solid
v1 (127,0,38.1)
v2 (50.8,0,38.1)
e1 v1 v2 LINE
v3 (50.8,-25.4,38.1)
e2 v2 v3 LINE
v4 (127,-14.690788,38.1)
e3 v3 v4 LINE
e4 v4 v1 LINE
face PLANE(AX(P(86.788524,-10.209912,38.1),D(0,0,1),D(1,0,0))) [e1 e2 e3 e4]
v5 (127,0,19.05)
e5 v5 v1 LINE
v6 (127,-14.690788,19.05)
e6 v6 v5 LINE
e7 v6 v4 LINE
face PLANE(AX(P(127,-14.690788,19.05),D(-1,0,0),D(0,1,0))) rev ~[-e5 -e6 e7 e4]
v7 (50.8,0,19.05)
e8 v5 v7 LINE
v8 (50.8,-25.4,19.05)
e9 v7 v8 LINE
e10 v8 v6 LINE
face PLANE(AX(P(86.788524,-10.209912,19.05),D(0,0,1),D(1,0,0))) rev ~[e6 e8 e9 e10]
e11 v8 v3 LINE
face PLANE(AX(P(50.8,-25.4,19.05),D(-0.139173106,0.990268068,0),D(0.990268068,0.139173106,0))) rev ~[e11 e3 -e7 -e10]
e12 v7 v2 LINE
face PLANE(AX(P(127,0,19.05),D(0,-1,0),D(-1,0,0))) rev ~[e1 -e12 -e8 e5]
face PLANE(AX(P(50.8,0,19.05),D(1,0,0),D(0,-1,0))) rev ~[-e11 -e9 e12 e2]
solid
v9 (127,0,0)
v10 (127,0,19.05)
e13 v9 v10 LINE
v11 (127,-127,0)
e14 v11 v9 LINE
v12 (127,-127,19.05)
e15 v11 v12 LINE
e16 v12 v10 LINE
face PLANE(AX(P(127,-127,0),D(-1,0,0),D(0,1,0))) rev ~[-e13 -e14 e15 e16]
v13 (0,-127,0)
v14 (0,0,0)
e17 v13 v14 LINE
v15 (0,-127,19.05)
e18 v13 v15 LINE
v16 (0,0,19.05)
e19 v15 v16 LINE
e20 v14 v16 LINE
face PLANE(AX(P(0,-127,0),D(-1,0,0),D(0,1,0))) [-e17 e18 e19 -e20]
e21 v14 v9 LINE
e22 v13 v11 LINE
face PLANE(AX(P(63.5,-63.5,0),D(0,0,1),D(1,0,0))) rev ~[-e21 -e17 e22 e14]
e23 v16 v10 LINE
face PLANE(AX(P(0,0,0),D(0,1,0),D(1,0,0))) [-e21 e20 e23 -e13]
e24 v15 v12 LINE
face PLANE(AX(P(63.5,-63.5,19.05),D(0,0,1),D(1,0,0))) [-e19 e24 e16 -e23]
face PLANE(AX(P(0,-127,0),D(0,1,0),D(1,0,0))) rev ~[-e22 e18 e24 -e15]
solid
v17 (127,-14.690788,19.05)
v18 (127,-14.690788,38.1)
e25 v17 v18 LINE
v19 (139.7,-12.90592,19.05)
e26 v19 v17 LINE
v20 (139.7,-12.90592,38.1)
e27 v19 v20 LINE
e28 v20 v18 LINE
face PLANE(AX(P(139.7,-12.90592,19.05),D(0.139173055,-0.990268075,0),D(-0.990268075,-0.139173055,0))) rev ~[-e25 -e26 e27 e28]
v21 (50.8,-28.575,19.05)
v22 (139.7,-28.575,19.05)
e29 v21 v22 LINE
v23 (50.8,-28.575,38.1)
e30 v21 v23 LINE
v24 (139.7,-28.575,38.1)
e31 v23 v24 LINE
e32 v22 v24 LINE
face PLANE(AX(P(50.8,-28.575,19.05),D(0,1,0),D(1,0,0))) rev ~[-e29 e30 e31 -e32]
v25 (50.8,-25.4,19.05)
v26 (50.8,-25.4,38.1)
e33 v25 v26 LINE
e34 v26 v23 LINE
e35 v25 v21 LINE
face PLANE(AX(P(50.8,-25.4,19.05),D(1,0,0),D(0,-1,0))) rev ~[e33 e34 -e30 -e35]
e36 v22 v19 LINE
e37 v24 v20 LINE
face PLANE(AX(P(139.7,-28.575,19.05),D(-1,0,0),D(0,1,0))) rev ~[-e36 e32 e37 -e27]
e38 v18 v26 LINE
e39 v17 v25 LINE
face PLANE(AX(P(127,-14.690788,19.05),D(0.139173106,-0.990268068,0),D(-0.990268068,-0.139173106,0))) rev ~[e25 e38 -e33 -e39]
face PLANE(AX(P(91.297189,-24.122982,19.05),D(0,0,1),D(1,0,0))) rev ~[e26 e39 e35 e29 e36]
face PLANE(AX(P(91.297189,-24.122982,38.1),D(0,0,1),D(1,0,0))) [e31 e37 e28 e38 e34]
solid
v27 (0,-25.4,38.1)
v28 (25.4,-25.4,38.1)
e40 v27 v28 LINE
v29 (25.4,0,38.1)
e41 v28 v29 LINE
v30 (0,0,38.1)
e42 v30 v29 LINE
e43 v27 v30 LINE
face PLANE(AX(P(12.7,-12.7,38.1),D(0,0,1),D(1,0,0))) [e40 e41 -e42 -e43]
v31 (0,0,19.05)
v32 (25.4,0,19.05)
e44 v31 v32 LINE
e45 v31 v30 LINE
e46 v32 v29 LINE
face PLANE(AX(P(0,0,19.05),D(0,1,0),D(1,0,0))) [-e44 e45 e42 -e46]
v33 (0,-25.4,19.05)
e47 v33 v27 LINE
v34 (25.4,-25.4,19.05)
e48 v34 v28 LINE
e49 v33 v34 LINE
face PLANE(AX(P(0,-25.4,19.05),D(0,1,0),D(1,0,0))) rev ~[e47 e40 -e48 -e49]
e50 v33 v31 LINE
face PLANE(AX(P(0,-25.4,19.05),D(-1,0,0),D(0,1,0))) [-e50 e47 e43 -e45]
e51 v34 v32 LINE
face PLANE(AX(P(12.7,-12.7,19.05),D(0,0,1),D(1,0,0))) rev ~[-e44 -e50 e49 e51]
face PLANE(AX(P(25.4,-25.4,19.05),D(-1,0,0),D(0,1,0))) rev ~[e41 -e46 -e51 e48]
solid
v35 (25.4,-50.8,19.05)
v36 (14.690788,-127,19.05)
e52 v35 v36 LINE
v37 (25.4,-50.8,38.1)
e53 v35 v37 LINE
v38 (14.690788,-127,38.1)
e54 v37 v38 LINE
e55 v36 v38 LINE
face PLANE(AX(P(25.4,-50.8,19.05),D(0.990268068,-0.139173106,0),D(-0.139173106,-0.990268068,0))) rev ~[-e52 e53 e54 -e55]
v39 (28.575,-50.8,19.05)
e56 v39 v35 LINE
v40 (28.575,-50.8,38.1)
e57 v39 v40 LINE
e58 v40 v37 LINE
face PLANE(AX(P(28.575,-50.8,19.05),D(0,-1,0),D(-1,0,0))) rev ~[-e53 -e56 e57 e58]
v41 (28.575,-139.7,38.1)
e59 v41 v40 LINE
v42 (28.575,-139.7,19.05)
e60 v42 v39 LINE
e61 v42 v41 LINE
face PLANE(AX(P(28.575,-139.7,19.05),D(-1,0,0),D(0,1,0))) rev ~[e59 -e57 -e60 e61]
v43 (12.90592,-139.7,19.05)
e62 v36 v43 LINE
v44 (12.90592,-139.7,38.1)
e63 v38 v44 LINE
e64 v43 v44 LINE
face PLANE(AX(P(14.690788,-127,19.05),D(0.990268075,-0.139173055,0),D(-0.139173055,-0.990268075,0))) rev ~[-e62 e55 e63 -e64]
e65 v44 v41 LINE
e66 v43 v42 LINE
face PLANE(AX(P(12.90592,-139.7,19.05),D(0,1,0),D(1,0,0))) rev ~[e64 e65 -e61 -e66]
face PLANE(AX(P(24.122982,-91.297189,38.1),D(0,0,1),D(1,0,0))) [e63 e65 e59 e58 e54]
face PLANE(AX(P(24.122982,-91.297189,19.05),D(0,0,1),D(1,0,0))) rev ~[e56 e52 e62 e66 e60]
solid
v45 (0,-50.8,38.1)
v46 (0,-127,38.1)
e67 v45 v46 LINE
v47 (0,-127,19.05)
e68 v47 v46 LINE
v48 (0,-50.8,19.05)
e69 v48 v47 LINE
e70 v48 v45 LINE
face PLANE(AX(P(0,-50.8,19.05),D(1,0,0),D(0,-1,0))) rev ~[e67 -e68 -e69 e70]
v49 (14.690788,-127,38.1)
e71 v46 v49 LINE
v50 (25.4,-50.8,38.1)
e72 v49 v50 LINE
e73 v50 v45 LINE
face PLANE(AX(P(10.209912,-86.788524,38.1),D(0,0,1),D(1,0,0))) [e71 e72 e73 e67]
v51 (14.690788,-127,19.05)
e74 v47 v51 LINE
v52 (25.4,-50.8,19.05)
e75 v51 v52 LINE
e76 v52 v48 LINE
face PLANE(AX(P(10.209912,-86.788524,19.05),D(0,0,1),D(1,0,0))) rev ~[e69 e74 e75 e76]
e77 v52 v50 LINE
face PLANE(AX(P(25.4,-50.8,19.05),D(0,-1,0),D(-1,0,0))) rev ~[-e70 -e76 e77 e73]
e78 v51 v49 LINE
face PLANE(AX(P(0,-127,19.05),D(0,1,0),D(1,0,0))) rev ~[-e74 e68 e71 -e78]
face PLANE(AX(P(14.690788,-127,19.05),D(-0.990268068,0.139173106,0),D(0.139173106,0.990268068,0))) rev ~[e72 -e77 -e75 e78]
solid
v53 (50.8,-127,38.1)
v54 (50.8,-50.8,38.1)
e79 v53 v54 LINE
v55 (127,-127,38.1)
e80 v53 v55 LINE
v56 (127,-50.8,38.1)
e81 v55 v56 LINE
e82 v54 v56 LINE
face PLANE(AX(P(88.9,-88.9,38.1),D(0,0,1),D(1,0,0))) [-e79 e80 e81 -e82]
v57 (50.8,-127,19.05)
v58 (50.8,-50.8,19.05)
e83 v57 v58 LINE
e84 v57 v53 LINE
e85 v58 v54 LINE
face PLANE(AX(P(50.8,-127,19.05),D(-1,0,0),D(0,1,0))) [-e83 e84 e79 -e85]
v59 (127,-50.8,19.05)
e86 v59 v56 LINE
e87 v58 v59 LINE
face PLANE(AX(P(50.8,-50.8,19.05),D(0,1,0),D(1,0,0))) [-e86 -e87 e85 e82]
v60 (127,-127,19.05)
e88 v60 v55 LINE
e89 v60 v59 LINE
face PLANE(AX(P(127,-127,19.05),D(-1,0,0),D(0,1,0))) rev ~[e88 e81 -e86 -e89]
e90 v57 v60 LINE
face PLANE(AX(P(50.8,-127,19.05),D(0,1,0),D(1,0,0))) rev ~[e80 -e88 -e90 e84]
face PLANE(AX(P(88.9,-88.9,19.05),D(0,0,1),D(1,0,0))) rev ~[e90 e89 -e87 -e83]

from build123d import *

# Parameters (mm, degrees)
F0_W     = 127
F0_H     = 127
F1_DEPTH = 19.05
F2_W     = 25.4
F2_H     = 25.4
F2_W_2   = 76.2
F2_H_2   = 76.2
F3_DEPTH = 19.05
F5_DEPTH = 19.05


with BuildPart() as f1:
    # F0 (on Top) → F1 (new body)
    with BuildSketch(Plane.XY):
        with Locations((63.5, -63.5)):
            Rectangle(F0_W, F0_H)
    extrude(amount=F1_DEPTH)


with BuildPart() as f3:
    # F2 (on face) → F3 (new body)
    with BuildSketch(Plane.XY.offset(19.05)):
        Polygon((127, 0), (50.8, 0), (50.8, -25.4), (127, -14.690788), align=None)
        Polygon((25.4, -50.8), (0, -50.8), (0, -127), (14.690788, -127), align=None)
        with Locations((12.7, -12.7)):
            Rectangle(F2_W, F2_H)
        with Locations((88.9, -88.9)):
            Rectangle(F2_W_2, F2_H_2)
    extrude(amount=F3_DEPTH)


with BuildPart() as f5:
    # F4 (on face) → F5 (new body)
    with BuildSketch(Plane.XY.offset(19.05)):
        Polygon((127, -14.690788), (50.8, -25.4), (50.8, -28.575), (127, -28.575), (127, -25.4), align=None)
        Polygon((28.575, -50.8), (25.4, -50.8), (14.690788, -127), (25.4, -127), (28.575, -127), align=None)
        Polygon((25.4, -127), (14.690788, -127), (12.90592, -139.7), (28.575, -139.7), (28.575, -127), align=None)
        Polygon((139.7, -12.90592), (127, -14.690788), (127, -25.4), (127, -28.575), (139.7, -28.575), align=None)
    extrude(amount=F5_DEPTH)


solid = Compound([f1.part, f3.part, f5.part])
